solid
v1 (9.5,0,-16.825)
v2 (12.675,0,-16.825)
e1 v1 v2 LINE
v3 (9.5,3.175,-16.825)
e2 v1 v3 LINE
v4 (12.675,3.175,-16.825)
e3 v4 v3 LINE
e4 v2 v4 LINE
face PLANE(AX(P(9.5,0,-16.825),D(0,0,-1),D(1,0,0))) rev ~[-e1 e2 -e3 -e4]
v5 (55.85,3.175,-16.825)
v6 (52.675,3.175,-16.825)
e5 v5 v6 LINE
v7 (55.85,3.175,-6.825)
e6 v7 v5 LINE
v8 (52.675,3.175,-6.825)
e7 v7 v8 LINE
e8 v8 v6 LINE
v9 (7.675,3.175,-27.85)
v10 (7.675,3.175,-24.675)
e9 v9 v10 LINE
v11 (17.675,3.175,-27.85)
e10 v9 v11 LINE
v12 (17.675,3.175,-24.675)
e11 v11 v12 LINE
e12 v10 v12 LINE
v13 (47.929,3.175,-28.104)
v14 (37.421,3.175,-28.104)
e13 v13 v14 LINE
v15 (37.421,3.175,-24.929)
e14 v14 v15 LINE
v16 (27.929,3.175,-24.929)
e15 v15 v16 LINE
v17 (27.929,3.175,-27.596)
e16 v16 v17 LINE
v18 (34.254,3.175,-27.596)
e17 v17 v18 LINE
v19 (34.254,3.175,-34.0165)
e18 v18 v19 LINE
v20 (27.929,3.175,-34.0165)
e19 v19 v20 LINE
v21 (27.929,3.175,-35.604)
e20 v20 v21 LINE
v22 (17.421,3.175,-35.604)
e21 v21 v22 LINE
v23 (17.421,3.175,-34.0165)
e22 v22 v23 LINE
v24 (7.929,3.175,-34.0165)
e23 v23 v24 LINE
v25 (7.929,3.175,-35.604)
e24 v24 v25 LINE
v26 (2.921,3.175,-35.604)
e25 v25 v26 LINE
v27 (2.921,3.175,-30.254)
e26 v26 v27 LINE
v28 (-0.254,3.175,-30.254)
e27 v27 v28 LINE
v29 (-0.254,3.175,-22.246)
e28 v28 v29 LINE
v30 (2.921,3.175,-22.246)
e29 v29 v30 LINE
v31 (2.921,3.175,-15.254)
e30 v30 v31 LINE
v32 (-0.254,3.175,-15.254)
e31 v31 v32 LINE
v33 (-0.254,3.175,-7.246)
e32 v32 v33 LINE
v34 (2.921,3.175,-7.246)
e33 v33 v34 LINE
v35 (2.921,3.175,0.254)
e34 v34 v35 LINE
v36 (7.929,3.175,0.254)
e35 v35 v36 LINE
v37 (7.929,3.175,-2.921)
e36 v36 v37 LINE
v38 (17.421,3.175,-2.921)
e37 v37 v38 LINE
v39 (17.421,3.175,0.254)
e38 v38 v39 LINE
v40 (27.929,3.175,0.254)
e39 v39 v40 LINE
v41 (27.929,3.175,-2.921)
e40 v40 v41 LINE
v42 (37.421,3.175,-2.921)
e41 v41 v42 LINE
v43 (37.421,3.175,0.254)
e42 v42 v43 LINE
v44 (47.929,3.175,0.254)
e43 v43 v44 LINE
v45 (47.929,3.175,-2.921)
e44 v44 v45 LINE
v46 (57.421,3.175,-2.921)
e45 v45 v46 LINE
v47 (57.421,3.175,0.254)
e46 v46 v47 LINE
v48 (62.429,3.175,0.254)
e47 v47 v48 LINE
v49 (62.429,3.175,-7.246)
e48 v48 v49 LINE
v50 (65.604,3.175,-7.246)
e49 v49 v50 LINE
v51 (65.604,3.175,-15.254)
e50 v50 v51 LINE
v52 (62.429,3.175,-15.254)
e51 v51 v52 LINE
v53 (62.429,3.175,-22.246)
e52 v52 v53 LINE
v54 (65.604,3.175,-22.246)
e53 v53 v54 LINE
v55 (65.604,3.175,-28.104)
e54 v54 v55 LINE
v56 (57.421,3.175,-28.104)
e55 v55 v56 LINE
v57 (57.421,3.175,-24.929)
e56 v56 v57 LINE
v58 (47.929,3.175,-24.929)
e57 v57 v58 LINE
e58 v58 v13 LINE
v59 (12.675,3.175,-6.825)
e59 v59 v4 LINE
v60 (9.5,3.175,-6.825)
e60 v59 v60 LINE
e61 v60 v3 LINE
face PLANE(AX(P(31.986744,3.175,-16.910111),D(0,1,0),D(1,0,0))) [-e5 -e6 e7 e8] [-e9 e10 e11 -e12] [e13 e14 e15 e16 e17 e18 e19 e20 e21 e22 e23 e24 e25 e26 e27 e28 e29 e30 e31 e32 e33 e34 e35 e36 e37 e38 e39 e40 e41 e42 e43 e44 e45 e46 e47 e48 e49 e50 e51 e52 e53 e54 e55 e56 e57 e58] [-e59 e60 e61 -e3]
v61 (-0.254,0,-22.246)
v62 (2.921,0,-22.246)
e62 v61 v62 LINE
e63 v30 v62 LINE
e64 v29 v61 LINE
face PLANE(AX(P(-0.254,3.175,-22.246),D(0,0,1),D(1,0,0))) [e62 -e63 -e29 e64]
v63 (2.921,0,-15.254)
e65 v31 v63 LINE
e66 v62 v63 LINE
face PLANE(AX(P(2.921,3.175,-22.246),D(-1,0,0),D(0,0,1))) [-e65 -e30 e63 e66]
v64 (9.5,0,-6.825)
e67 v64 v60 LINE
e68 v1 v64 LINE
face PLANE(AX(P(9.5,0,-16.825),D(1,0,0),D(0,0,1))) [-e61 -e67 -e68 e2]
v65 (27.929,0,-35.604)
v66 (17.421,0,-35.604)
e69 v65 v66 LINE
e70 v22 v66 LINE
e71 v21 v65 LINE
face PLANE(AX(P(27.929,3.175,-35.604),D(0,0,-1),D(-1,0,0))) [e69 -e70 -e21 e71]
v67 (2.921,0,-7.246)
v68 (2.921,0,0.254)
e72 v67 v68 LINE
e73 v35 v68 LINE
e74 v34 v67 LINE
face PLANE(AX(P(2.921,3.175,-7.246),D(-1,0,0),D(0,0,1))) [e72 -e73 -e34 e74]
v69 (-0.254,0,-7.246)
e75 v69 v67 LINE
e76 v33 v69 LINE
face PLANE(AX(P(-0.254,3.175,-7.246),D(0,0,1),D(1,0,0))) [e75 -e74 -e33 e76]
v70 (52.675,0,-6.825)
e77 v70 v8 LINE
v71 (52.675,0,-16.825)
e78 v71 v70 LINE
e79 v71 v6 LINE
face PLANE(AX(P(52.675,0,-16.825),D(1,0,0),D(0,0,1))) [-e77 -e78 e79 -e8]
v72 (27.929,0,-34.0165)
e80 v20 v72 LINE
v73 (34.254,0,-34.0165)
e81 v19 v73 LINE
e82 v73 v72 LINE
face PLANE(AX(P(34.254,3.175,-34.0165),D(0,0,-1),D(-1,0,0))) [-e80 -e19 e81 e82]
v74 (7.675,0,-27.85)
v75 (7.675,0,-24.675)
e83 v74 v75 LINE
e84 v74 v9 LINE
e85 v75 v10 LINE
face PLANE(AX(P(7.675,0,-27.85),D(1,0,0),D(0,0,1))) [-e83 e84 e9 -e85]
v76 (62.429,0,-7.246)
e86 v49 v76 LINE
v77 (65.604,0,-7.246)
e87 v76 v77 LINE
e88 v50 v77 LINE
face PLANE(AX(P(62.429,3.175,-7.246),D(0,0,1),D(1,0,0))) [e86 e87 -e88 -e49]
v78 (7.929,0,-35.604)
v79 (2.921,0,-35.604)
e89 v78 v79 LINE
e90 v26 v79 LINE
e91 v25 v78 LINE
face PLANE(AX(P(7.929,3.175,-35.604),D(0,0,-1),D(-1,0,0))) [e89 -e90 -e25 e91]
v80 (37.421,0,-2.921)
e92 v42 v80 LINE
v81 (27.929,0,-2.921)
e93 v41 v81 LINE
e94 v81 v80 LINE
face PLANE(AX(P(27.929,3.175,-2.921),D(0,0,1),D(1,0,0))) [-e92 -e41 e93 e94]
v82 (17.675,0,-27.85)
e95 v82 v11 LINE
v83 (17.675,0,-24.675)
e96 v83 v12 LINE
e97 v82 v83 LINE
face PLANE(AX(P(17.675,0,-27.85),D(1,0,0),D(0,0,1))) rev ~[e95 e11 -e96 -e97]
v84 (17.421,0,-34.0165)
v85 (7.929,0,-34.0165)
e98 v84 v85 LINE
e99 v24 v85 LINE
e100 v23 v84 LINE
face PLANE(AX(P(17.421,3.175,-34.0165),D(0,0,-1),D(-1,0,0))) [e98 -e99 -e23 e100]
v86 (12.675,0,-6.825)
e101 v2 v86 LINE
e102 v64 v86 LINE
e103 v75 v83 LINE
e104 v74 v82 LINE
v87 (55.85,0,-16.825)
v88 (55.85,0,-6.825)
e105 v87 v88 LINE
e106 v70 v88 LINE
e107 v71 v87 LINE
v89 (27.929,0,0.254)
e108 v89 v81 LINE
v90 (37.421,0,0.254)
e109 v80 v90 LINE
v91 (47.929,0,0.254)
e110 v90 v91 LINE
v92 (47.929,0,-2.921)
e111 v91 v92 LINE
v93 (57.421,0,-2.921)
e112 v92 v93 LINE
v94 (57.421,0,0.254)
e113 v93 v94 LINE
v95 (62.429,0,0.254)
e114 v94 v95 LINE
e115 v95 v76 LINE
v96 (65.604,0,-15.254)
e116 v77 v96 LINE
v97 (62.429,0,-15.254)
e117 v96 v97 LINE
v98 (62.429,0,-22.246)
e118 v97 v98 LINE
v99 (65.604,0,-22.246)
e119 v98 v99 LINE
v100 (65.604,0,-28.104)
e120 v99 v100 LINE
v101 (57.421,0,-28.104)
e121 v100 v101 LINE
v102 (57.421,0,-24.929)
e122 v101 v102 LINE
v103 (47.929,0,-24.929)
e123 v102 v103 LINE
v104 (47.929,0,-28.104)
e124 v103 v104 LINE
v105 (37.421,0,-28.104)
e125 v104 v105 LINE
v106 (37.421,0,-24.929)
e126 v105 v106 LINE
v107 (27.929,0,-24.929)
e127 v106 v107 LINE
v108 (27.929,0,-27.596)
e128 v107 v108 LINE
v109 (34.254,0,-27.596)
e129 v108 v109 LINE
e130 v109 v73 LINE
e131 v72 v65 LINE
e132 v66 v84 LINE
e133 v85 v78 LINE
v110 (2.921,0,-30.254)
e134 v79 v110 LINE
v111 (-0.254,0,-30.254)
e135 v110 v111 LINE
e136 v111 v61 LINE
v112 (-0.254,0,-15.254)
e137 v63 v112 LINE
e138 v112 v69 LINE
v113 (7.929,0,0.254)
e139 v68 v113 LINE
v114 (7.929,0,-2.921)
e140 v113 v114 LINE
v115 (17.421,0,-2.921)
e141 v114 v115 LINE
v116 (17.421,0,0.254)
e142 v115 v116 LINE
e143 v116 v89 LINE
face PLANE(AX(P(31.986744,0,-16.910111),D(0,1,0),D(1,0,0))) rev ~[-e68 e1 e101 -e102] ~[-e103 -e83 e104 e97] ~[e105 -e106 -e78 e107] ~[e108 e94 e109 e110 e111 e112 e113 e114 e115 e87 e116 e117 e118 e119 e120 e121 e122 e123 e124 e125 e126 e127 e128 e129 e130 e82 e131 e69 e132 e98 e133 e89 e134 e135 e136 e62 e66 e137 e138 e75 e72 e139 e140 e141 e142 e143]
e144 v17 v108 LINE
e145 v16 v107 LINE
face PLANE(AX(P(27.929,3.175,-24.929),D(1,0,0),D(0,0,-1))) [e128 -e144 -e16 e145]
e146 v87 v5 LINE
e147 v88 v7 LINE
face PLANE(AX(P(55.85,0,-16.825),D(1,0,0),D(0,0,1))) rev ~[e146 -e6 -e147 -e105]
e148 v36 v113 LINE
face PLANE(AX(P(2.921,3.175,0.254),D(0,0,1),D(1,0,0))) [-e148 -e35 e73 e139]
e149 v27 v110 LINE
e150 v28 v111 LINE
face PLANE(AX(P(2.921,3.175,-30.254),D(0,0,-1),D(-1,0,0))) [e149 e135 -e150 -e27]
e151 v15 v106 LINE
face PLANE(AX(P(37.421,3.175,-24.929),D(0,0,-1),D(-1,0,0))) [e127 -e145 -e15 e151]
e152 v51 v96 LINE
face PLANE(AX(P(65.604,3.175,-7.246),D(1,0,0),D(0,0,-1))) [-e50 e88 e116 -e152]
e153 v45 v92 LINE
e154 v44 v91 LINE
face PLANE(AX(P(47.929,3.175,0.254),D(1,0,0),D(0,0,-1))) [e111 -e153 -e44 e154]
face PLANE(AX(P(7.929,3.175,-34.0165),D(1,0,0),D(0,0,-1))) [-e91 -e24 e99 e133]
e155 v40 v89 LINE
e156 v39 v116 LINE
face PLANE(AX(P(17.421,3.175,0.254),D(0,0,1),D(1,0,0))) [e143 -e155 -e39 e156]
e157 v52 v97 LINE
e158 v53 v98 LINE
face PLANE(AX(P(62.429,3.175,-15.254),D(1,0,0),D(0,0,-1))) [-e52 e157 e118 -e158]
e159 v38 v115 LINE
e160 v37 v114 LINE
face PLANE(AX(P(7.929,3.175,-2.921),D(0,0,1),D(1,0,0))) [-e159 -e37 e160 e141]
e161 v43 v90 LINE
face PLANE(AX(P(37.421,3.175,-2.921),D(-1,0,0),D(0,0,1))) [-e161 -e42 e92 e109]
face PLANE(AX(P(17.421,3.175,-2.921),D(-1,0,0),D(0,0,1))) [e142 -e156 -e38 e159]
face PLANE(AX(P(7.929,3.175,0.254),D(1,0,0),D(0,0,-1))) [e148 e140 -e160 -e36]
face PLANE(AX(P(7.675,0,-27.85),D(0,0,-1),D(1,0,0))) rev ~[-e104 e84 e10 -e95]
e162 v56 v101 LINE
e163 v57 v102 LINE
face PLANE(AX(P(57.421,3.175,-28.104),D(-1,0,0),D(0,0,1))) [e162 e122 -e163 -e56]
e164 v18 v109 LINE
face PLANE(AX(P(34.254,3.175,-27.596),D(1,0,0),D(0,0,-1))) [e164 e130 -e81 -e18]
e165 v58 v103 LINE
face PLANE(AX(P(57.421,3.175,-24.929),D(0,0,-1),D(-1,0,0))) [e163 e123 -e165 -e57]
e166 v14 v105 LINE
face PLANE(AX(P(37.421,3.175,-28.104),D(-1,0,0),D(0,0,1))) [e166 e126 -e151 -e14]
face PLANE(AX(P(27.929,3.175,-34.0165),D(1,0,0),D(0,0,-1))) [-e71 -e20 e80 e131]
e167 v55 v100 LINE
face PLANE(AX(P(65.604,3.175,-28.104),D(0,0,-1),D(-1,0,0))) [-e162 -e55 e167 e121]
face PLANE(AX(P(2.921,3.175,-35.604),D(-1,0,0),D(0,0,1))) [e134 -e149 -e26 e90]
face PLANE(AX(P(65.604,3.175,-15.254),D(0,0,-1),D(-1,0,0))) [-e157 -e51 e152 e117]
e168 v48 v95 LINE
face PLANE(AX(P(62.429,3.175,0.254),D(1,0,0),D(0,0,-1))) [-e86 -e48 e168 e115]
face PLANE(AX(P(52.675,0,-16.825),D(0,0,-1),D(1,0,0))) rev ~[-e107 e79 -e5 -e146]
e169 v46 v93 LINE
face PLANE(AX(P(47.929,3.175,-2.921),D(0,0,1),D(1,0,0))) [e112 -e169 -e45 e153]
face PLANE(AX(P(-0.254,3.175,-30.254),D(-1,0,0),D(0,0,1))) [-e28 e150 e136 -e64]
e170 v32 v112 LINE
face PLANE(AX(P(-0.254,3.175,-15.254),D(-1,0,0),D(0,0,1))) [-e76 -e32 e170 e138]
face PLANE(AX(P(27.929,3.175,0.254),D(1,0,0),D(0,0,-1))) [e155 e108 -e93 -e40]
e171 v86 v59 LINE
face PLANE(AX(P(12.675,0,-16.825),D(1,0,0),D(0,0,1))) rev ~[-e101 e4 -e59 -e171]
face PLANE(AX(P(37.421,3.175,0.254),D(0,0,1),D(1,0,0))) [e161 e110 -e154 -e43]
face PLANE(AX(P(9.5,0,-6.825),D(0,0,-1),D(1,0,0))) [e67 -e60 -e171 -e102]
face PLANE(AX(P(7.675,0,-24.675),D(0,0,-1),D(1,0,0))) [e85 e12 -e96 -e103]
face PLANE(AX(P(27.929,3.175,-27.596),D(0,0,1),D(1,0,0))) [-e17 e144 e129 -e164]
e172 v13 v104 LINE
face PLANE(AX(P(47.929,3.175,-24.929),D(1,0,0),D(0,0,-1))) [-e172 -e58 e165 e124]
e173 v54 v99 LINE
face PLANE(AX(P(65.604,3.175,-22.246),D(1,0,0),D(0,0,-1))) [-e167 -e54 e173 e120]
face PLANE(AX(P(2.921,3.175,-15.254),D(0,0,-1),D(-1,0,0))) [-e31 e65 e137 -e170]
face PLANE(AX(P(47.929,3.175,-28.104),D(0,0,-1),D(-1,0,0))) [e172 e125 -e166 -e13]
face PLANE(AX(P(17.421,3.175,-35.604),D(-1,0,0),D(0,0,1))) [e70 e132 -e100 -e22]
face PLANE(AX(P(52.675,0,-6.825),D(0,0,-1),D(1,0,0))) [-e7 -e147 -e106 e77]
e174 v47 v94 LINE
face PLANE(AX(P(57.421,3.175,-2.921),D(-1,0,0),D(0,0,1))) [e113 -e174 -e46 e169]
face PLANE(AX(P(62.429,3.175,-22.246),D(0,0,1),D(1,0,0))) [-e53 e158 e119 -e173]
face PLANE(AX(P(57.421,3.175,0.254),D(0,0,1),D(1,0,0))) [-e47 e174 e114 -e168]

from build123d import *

# Parameters (mm, degrees)
SKETCH1_W           = 65.35
SKETCH1_H           = 35.35
BOSS_EXTRUDE1_DEPTH = 3.175
SKETCH2_W           = 28.175
SKETCH2_H           = 7.5
CUT_EXTRUDE1_DEPTH  = 4.175
SKETCH3_W           = 10
SKETCH3_H           = 3.175
SKETCH3_W_2         = 3.175
SKETCH3_H_2         = 7.5
SKETCH3_H_3         = 5.9125
SKETCH3_H_4         = 5.35
SKETCH3_H_5         = 1.5875
CUT_EXTRUDE2_DEPTH  = 3.175
SKETCH7_W           = 3.175
SKETCH7_H           = 10
CUT_EXTRUDE3_DEPTH  = 4.175
BOSS_EXTRUDE2_DEPTH = 3.175


with BuildPart() as part:
    # Sketch1 → Boss-Extrude1 (new body)
    with BuildSketch(Plane(origin=(0, 0, 0), x_dir=(1, 0, 0), z_dir=(0, 1, 0))):
        with Locations((32.675, 17.675)):
            Rectangle(SKETCH1_W, SKETCH1_H)
    extrude(amount=BOSS_EXTRUDE1_DEPTH)

    # Sketch2 → Cut-Extrude1 (cut, through all)
    with BuildSketch(Plane.XZ):
        with Locations((51.2625, -31.6)):
            Rectangle(SKETCH2_W, SKETCH2_H)
    extrude(amount=-CUT_EXTRUDE1_DEPTH, mode=Mode.SUBTRACT)

    # Sketch3 → Cut-Extrude2 (cut)
    with BuildSketch(Plane.XZ):
        with Locations((52.675, -1.5875)):
            Rectangle(SKETCH3_W, SKETCH3_H)
        with Locations((63.7625, -3.75)):
            Rectangle(SKETCH3_W_2, SKETCH3_H_2)
        with Locations((63.7625, -18.75)):
            Rectangle(SKETCH3_W_2, SKETCH3_H_2)
        with Locations((52.675, -26.2625)):
            Rectangle(SKETCH3_W, SKETCH3_H)
        Polygon((37.175, -27.85), (37.675, -27.85), (37.675, -24.675), (27.675, -24.675), (27.675, -27.85), (34, -27.85), align=None)
        with Locations((35.5875, -30.80625)):
            Rectangle(SKETCH3_W_2, SKETCH3_H_3)
        Polygon((37.175, -35.35), (37.175, -33.7625), (34, -33.7625), (27.675, -33.7625), (27.675, -35.35), align=None)
        with Locations((12.675, -26.2625)):
            Rectangle(SKETCH3_W, SKETCH3_H)
        with Locations((1.5875, -32.675)):
            Rectangle(SKETCH3_W_2, SKETCH3_H_4)
        with Locations((1.5875, -18.75)):
            Rectangle(SKETCH3_W_2, SKETCH3_H_2)
        with Locations((1.5875, -3.75)):
            Rectangle(SKETCH3_W_2, SKETCH3_H_2)
        with Locations((12.675, -1.5875)):
            Rectangle(SKETCH3_W, SKETCH3_H)
        with Locations((32.675, -1.5875)):
            Rectangle(SKETCH3_W, SKETCH3_H)
        with Locations((12.675, -34.55625)):
            Rectangle(SKETCH3_W, SKETCH3_H_5)
    extrude(amount=-CUT_EXTRUDE2_DEPTH, mode=Mode.SUBTRACT)

    # Sketch7 → Cut-Extrude3 (cut, through all)
    with BuildSketch(Plane.XZ):
        with Locations((11.0875, -11.825)):
            Rectangle(SKETCH7_W, SKETCH7_H)
        with Locations((54.2625, -11.825)):
            Rectangle(SKETCH7_W, SKETCH7_H)
    extrude(amount=-CUT_EXTRUDE3_DEPTH, mode=Mode.SUBTRACT)

    # Sketch6 → Boss-Extrude2 (add)
    with BuildSketch(Plane(origin=(0, 3.175, 0), x_dir=(1, 0, 0), z_dir=(0, 1, 0))):
        Polygon((7.929, -0.254), (7.929, 2.921), (17.421, 2.921), (17.421, -0.254), (27.929, -0.254), (27.929, 2.921), (37.421, 2.921), (37.421, -0.254), (47.929, -0.254), (47.929, 2.921), (57.421, 2.921), (57.421, -0.254), (62.429, -0.254), (62.429, 7.246), (65.604, 7.246), (65.604, 15.254), (62.429, 15.254), (62.429, 22.246), (65.604, 22.246), (65.604, 28.104), (57.421, 28.104), (57.421, 24.929), (47.929, 24.929), (47.929, 28.104), (37.421, 28.104), (37.421, 24.929), (27.929, 24.929), (27.929, 27.596), (34.254, 27.596), (34.254, 34.0165), (27.929, 34.0165), (27.929, 35.604), (17.421, 35.604), (17.421, 34.0165), (7.929, 34.0165), (7.929, 35.604), (2.921, 35.604), (2.921, 30.254), (-0.254, 30.254), (-0.254, 22.246), (2.921, 22.246), (2.921, 15.254), (-0.254, 15.254), (-0.254, 7.246), (2.921, 7.246), (2.921, -0.254), align=None)
        Polygon((6.675, 4.175), (18.675, 4.175), (18.675, 1), (26.675, 1), (26.675, 4.175), (38.675, 4.175), (38.675, 1), (46.675, 1), (46.675, 4.175), (58.675, 4.175), (58.675, 1), (61.175, 1), (61.175, 8.5), (64.35, 8.5), (64.35, 14), (61.175, 14), (61.175, 23.5), (64.35, 23.5), (64.35, 26.85), (58.675, 26.85), (58.675, 23.675), (46.675, 23.675), (46.675, 26.85), (38.675, 26.85), (38.675, 23.675), (26.675, 23.675), (26.675, 28.85), (33, 28.85), (33, 32.7625), (26.675, 32.7625), (26.675, 34.35), (18.675, 34.35), (18.675, 32.7625), (6.675, 32.7625), (6.675, 34.35), (4.175, 34.35), (4.175, 29), (1, 29), (1, 23.5), (4.175, 23.5), (4.175, 14), (1, 14), (1, 8.5), (4.175, 8.5), (4.175, 1), (6.675, 1), align=None, mode=Mode.SUBTRACT)
    extrude(amount=-BOSS_EXTRUDE2_DEPTH)


solid = part.part
